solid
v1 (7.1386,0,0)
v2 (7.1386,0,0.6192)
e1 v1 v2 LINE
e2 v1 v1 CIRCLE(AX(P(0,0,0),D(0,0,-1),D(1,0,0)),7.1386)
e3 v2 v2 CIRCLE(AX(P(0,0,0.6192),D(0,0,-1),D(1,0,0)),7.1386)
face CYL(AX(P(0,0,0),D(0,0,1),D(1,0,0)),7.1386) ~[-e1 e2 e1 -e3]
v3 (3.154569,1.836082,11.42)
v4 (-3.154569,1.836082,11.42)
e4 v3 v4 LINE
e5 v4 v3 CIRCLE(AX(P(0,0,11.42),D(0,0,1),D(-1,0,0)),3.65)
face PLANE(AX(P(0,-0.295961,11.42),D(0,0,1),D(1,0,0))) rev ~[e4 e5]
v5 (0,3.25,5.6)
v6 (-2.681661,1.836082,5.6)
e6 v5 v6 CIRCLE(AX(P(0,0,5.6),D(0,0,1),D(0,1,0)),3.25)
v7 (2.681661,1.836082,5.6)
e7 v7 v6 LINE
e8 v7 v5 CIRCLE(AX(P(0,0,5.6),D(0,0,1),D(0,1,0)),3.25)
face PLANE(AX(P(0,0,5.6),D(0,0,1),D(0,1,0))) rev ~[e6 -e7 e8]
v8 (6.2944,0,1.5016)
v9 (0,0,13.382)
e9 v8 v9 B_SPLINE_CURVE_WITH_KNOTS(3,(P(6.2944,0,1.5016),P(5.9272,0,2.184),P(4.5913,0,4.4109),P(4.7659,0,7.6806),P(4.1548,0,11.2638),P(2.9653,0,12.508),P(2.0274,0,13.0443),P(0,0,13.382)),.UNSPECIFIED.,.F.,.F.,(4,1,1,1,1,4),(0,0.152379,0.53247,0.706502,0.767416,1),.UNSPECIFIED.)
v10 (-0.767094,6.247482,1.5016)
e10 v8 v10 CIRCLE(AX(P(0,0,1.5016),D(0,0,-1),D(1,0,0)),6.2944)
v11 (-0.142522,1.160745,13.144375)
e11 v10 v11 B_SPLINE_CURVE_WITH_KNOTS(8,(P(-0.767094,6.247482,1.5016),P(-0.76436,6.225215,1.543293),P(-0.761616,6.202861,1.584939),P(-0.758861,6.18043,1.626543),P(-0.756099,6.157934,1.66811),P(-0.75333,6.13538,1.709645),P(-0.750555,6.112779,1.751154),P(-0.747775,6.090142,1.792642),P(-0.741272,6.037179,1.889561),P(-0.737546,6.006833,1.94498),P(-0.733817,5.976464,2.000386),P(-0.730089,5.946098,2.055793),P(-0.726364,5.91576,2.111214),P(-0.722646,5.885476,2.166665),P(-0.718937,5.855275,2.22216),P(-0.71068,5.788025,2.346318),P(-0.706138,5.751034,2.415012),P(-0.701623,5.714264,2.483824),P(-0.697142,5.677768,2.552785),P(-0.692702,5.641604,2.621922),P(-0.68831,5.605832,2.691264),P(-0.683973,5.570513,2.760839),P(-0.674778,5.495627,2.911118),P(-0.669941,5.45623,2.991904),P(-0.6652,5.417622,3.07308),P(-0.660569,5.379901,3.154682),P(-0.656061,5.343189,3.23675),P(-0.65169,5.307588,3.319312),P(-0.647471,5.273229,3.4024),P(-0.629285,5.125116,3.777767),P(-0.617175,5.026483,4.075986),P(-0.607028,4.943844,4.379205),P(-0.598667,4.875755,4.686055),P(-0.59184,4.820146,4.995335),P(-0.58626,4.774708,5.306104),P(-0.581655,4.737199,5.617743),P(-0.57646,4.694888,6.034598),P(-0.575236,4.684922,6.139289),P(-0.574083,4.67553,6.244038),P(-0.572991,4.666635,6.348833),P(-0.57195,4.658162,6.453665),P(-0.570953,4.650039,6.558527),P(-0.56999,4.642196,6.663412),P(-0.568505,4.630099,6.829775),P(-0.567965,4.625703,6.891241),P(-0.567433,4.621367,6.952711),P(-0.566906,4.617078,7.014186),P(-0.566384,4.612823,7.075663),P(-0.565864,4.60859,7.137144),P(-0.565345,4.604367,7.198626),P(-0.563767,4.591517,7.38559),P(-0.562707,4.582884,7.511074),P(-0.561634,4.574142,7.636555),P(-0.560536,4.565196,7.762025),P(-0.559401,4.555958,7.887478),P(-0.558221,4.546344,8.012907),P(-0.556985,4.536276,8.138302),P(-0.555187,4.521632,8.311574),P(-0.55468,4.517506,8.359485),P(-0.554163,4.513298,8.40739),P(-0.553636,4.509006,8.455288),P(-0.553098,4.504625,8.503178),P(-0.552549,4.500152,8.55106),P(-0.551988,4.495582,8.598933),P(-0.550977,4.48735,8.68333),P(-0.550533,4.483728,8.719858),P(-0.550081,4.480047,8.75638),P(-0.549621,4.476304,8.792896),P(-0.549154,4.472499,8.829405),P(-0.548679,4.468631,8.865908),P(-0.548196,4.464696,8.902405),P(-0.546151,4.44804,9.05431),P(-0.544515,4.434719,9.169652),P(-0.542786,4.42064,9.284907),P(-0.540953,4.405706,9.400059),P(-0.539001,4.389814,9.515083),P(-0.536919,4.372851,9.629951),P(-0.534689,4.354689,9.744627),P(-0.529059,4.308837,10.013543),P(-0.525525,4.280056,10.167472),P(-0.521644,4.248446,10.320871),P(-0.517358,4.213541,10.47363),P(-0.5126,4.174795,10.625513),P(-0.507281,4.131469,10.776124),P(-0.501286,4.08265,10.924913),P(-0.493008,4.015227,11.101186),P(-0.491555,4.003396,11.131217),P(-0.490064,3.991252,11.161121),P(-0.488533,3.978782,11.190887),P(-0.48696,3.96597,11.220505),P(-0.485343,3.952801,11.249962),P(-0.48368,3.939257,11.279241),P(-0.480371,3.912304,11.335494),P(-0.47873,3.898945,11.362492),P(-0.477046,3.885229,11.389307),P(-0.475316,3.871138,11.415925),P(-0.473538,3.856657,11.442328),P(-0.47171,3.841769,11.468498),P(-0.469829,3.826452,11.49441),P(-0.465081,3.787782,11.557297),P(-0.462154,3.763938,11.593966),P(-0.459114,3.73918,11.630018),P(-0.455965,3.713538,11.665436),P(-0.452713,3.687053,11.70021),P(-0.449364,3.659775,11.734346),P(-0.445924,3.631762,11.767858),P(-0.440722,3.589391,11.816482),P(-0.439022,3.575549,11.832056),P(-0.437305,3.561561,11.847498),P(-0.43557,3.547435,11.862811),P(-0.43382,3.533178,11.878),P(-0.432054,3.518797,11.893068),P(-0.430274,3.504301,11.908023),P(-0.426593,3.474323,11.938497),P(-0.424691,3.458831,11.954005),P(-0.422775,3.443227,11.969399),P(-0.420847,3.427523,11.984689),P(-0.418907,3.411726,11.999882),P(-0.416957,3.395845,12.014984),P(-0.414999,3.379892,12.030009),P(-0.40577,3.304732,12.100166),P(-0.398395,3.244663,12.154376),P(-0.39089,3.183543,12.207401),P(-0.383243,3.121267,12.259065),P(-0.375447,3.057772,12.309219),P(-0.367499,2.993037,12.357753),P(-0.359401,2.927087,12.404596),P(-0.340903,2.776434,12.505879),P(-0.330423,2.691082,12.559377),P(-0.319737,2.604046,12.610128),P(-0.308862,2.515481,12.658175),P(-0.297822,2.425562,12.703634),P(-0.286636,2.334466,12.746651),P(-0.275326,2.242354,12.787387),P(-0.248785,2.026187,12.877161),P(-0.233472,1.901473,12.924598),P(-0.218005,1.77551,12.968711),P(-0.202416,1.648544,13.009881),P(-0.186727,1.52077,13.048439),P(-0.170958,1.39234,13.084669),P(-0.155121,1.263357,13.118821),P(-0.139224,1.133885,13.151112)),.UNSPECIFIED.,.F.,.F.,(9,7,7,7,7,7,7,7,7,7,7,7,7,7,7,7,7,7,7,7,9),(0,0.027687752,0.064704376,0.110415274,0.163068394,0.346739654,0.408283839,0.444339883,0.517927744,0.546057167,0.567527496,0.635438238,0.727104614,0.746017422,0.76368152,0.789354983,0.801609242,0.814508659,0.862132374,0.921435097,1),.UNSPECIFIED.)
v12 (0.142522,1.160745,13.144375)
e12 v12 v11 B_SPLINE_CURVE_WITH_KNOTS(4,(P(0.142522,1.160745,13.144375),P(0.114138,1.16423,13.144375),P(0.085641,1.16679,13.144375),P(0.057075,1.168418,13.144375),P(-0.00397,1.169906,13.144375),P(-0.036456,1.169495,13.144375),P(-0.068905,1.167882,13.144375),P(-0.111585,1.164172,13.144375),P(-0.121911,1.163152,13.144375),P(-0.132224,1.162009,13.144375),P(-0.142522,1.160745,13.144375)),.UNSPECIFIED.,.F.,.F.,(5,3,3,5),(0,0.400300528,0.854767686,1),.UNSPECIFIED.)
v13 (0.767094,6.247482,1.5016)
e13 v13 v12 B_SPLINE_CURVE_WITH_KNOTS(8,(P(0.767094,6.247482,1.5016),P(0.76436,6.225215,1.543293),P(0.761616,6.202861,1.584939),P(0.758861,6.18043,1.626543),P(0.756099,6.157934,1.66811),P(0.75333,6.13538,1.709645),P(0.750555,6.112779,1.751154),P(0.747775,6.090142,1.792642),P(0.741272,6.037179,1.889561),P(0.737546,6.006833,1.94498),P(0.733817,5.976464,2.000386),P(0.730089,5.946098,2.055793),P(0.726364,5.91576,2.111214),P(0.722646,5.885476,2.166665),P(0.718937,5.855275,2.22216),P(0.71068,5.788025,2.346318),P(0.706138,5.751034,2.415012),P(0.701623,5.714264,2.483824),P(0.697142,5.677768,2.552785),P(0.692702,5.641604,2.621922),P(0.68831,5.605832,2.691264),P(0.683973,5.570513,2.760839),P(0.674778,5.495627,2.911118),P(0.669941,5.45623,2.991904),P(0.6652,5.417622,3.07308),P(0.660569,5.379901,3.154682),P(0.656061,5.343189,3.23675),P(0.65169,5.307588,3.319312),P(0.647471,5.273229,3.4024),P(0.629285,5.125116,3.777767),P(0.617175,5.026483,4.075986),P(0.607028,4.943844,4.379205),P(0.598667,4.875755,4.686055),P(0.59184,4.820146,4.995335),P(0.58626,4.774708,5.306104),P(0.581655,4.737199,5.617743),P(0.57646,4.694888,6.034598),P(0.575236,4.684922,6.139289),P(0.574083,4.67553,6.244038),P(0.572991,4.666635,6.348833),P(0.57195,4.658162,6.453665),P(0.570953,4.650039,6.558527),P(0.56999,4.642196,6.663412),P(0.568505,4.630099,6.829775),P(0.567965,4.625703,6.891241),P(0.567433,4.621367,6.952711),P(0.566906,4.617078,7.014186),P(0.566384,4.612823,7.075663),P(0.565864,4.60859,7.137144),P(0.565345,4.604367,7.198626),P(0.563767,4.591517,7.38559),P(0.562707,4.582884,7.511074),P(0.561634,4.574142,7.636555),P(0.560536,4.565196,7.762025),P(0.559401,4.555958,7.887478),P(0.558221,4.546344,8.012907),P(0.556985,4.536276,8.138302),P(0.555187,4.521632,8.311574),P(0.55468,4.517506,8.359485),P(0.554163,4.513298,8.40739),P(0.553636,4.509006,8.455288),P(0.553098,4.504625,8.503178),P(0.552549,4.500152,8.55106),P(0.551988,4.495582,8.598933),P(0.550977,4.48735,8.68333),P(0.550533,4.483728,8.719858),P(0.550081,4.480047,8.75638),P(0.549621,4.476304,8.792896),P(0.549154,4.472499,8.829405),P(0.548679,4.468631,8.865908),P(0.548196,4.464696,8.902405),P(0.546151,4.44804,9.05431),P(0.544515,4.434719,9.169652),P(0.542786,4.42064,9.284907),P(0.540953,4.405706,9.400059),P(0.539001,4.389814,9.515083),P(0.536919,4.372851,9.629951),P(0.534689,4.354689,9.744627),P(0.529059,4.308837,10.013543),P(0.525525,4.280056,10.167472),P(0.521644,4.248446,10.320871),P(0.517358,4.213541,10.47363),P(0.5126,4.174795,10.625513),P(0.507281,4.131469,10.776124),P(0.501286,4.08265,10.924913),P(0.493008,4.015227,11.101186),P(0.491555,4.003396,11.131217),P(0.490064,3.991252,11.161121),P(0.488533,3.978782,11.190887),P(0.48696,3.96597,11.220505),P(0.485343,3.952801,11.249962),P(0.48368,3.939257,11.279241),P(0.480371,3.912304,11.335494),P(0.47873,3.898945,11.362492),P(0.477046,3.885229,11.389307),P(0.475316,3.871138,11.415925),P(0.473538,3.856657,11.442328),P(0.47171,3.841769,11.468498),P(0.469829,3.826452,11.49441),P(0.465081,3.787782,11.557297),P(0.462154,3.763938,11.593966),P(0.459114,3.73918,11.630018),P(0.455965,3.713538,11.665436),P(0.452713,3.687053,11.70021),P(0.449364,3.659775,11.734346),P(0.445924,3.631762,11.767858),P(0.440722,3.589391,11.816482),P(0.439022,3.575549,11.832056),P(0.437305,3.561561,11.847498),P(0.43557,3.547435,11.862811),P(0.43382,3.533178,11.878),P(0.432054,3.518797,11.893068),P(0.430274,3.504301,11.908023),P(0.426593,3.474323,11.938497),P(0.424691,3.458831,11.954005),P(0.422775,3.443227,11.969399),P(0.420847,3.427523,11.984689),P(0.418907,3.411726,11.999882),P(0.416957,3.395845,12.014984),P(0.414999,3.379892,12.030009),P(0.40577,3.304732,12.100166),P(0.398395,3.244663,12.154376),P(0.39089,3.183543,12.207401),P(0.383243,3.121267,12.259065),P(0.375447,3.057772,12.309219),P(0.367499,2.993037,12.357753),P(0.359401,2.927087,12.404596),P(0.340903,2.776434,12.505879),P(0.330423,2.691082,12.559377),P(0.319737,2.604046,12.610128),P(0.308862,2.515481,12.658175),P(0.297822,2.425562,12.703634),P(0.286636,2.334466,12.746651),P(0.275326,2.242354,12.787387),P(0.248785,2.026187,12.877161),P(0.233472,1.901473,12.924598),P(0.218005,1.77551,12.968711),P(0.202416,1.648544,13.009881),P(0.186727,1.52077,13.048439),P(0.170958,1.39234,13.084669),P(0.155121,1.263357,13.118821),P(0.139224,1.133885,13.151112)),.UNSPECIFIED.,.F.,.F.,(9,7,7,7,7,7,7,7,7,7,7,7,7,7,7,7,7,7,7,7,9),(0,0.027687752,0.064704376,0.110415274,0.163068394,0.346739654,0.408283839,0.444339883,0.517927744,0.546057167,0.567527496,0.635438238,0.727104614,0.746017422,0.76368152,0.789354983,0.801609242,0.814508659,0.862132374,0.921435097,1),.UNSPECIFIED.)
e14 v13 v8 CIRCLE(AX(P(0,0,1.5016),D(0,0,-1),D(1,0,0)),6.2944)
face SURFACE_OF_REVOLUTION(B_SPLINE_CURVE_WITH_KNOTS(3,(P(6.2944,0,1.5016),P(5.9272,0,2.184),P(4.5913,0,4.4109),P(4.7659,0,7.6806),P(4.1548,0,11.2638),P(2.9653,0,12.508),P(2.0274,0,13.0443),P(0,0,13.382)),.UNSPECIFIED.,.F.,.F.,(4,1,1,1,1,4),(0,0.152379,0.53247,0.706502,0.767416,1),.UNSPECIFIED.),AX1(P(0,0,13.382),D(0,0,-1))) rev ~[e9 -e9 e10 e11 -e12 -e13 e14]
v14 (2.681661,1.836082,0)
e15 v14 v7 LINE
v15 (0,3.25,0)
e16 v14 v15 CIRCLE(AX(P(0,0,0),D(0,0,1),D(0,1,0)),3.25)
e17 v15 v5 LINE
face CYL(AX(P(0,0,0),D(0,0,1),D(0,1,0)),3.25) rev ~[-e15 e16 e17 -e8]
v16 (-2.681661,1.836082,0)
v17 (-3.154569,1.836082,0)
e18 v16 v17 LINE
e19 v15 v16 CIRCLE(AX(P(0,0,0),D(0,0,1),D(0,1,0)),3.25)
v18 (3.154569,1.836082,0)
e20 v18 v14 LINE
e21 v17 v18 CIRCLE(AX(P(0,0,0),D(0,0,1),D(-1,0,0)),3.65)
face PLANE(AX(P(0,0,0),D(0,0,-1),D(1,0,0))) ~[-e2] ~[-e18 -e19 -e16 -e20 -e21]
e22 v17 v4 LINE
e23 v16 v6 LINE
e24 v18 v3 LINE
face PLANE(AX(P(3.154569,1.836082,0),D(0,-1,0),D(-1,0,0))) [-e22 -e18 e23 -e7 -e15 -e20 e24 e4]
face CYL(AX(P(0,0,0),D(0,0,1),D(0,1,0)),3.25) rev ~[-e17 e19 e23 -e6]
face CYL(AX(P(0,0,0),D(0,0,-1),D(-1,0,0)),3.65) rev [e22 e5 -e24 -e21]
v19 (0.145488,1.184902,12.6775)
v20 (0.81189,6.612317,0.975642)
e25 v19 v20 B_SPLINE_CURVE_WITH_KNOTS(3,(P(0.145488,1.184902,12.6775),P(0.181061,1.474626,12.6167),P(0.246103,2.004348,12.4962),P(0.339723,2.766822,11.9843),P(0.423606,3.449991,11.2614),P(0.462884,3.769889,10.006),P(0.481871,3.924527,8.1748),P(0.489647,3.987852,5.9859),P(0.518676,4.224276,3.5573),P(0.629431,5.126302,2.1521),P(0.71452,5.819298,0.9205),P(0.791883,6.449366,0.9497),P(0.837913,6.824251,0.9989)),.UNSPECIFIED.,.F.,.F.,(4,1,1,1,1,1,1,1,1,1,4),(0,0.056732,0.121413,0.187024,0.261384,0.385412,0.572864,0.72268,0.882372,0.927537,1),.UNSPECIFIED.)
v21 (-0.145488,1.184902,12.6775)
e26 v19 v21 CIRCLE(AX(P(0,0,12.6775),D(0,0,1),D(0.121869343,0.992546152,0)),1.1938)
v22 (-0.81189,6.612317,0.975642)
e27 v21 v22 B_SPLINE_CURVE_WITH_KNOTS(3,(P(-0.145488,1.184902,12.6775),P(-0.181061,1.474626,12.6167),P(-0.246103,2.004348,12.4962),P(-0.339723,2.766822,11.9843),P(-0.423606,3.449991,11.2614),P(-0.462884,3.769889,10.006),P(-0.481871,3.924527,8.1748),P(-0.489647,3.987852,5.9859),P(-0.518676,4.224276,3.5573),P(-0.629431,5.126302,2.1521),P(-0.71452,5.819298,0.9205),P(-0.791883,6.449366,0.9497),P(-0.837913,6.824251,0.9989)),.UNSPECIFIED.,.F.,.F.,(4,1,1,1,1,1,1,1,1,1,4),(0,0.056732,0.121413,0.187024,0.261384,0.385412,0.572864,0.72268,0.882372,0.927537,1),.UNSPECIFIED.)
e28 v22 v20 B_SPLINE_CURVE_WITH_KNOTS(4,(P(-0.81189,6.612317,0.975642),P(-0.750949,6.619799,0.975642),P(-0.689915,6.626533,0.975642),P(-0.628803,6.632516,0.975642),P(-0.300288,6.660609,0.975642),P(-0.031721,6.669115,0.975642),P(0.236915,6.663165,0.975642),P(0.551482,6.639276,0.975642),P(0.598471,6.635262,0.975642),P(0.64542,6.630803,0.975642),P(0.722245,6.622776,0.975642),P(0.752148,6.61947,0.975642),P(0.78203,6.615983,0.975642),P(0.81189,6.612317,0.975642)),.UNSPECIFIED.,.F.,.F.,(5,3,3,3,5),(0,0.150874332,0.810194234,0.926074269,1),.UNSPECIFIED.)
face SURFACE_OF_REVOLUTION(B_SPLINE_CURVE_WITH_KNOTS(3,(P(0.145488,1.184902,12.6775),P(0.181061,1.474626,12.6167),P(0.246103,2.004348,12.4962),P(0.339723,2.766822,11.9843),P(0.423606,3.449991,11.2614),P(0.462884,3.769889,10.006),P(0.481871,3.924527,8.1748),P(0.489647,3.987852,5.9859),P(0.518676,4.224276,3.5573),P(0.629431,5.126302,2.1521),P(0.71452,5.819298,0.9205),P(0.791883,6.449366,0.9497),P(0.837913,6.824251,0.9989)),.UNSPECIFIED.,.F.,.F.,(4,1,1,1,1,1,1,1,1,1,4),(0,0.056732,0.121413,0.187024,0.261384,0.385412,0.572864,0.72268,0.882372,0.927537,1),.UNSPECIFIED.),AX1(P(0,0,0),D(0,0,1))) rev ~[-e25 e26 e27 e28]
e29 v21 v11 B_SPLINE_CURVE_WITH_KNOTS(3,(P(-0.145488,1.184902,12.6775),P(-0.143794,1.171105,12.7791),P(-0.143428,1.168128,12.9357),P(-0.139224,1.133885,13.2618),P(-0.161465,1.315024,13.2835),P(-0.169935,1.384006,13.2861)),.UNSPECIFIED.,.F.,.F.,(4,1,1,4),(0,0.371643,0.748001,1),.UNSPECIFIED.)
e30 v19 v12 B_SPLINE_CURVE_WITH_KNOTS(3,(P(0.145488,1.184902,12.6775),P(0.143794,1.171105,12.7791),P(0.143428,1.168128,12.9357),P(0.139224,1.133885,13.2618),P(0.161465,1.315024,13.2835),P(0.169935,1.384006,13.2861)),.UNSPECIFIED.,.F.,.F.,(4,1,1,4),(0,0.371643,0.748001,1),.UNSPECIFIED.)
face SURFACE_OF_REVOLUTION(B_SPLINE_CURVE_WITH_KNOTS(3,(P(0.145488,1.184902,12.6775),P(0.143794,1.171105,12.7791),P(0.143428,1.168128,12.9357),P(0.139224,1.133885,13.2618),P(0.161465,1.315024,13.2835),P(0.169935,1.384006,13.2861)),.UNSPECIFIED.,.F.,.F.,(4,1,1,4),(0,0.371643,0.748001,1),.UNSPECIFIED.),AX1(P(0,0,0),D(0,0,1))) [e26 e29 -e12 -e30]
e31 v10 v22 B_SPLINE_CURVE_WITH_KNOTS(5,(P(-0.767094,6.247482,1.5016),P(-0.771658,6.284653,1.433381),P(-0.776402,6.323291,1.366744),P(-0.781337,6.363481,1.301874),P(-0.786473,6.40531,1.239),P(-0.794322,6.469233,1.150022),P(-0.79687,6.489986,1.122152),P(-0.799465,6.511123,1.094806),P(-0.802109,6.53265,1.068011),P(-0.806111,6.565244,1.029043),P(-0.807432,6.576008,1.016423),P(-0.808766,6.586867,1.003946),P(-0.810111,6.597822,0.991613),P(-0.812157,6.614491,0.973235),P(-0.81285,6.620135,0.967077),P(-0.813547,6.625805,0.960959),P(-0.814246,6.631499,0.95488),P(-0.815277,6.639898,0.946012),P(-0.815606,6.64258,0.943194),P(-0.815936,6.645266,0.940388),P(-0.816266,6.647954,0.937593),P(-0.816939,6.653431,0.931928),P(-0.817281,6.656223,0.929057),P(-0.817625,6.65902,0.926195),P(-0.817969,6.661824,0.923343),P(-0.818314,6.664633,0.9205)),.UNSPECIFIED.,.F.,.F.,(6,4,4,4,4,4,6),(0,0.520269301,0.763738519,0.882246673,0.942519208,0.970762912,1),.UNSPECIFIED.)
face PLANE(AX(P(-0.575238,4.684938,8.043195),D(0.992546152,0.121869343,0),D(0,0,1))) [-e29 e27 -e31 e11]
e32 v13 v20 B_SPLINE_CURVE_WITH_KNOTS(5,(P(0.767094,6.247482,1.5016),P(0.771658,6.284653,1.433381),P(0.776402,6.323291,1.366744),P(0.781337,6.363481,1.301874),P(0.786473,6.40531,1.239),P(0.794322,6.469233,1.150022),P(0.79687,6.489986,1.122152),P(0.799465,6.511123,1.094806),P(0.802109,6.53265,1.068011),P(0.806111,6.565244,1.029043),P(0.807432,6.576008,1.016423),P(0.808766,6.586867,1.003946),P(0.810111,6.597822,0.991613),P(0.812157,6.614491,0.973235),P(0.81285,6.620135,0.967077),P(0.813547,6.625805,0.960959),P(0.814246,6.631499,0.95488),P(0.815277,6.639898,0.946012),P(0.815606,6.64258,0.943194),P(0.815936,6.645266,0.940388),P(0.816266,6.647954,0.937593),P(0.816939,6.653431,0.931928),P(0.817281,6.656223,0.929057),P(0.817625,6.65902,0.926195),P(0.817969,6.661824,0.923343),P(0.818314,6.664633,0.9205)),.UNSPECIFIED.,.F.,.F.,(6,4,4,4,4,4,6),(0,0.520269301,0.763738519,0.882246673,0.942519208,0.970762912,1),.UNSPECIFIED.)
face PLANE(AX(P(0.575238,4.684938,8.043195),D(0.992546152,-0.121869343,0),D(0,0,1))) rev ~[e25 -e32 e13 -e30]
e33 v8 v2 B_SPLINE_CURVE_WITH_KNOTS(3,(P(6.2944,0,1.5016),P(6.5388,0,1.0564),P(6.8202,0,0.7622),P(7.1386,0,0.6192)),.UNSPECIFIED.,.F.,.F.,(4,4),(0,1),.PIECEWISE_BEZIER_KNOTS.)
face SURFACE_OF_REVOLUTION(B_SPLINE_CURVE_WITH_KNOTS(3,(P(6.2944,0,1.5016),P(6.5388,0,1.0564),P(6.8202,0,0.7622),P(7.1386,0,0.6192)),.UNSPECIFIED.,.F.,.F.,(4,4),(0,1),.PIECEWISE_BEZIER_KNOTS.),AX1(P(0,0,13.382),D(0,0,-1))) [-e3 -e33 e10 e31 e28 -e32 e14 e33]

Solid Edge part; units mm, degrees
sketch "Sketch1" plane through (0, 0, 0) normal (0, -1, 0) x (1, 0, 0)
  spline S0 degree 3 poles (6.2944, 1.5016) (5.9272, 2.184) (4.5913, 4.4109) (4.7659, 7.6806) (4.1548, 11.2638) (2.9653, 12.508) (2.0274, 13.0443) (0, 13.382) knots 0 0 0 0 0.152379 0.53247 0.706502 0.767416 1 1 1 1
  line L0 (0, 13.382) -> (0, 0)
  line L1 (0, 0) -> (7.1386, 0)
  line L2 (7.1386, 0) -> (7.1386, 0.6192)
  spline S1 degree 3 poles (6.2944, 1.5016) (6.5388, 1.0564) (6.8202, 0.7622) (7.1386, 0.6192) knots 0 0 0 0 1 1 1 1
revolve "RevolvedProtrusion1" add sketch "Sketch1" angle 360 about axis through (0, 0, 13.382) along (0, 0, -1)
sketch "Sketch2" plane through (0, 0, 0) normal (0, 0, -1) x (-1, 0, 0)
  line L0 (-3.1546, 1.8361) -> (3.1546, 1.8361)
  arc A0 (3.1546, 1.8361) -> (-3.1546, 1.8361) centre (0, 0) cw
extrude "Cutout1" cut sketch "Sketch2" against normal blind 11.42
sketch "Sketch3" plane through (0, 0, 0) normal (1, 0, 0) x (0, 1, 0)
  line L0 (4.2495, 14.0621) -> (1.6055, 13.785)
  line L1 (1.6055, 13.785) -> (1.3944, 13.2861)
  spline S0 degree 3 poles (1.1938, 12.6775) (1.1799, 12.7791) (1.1769, 12.9357) (1.1424, 13.2618) (1.3249, 13.2835) (1.3944, 13.2861) knots 0 0 0 0 0.371643 0.748001 1 1 1 1
  spline S1 degree 3 poles (1.1938, 12.6775) (1.4857, 12.6167) (2.0194, 12.4962) (2.7876, 11.9843) (3.4759, 11.2614) (3.7982, 10.006) (3.954, 8.1748) (4.0178, 5.9859) (4.256, 3.5573) (5.1648, 2.1521) (5.863, 0.9205) (6.4978, 0.9497) (6.8755, 0.9989) knots 0 0 0 0 0.056732 0.121413 0.187024 0.261384 0.385412 0.572864 0.72268 0.882372 0.927537 1 1 1 1
  line L2 (6.8755, 0.9989) -> (6.0925, 10.5194)
  line L3 (6.0925, 10.5194) -> (4.2495, 14.0621)
revolve "RevolvedCutout_4" cut sketch "Sketch3" angle 14 mid plane about axis through (0, 0, 0) along (0, 0, 1)
hole "Hole_1" at (0, 0, 0) direction (0, 0, 1) diameter 6.5 depth 5.6
